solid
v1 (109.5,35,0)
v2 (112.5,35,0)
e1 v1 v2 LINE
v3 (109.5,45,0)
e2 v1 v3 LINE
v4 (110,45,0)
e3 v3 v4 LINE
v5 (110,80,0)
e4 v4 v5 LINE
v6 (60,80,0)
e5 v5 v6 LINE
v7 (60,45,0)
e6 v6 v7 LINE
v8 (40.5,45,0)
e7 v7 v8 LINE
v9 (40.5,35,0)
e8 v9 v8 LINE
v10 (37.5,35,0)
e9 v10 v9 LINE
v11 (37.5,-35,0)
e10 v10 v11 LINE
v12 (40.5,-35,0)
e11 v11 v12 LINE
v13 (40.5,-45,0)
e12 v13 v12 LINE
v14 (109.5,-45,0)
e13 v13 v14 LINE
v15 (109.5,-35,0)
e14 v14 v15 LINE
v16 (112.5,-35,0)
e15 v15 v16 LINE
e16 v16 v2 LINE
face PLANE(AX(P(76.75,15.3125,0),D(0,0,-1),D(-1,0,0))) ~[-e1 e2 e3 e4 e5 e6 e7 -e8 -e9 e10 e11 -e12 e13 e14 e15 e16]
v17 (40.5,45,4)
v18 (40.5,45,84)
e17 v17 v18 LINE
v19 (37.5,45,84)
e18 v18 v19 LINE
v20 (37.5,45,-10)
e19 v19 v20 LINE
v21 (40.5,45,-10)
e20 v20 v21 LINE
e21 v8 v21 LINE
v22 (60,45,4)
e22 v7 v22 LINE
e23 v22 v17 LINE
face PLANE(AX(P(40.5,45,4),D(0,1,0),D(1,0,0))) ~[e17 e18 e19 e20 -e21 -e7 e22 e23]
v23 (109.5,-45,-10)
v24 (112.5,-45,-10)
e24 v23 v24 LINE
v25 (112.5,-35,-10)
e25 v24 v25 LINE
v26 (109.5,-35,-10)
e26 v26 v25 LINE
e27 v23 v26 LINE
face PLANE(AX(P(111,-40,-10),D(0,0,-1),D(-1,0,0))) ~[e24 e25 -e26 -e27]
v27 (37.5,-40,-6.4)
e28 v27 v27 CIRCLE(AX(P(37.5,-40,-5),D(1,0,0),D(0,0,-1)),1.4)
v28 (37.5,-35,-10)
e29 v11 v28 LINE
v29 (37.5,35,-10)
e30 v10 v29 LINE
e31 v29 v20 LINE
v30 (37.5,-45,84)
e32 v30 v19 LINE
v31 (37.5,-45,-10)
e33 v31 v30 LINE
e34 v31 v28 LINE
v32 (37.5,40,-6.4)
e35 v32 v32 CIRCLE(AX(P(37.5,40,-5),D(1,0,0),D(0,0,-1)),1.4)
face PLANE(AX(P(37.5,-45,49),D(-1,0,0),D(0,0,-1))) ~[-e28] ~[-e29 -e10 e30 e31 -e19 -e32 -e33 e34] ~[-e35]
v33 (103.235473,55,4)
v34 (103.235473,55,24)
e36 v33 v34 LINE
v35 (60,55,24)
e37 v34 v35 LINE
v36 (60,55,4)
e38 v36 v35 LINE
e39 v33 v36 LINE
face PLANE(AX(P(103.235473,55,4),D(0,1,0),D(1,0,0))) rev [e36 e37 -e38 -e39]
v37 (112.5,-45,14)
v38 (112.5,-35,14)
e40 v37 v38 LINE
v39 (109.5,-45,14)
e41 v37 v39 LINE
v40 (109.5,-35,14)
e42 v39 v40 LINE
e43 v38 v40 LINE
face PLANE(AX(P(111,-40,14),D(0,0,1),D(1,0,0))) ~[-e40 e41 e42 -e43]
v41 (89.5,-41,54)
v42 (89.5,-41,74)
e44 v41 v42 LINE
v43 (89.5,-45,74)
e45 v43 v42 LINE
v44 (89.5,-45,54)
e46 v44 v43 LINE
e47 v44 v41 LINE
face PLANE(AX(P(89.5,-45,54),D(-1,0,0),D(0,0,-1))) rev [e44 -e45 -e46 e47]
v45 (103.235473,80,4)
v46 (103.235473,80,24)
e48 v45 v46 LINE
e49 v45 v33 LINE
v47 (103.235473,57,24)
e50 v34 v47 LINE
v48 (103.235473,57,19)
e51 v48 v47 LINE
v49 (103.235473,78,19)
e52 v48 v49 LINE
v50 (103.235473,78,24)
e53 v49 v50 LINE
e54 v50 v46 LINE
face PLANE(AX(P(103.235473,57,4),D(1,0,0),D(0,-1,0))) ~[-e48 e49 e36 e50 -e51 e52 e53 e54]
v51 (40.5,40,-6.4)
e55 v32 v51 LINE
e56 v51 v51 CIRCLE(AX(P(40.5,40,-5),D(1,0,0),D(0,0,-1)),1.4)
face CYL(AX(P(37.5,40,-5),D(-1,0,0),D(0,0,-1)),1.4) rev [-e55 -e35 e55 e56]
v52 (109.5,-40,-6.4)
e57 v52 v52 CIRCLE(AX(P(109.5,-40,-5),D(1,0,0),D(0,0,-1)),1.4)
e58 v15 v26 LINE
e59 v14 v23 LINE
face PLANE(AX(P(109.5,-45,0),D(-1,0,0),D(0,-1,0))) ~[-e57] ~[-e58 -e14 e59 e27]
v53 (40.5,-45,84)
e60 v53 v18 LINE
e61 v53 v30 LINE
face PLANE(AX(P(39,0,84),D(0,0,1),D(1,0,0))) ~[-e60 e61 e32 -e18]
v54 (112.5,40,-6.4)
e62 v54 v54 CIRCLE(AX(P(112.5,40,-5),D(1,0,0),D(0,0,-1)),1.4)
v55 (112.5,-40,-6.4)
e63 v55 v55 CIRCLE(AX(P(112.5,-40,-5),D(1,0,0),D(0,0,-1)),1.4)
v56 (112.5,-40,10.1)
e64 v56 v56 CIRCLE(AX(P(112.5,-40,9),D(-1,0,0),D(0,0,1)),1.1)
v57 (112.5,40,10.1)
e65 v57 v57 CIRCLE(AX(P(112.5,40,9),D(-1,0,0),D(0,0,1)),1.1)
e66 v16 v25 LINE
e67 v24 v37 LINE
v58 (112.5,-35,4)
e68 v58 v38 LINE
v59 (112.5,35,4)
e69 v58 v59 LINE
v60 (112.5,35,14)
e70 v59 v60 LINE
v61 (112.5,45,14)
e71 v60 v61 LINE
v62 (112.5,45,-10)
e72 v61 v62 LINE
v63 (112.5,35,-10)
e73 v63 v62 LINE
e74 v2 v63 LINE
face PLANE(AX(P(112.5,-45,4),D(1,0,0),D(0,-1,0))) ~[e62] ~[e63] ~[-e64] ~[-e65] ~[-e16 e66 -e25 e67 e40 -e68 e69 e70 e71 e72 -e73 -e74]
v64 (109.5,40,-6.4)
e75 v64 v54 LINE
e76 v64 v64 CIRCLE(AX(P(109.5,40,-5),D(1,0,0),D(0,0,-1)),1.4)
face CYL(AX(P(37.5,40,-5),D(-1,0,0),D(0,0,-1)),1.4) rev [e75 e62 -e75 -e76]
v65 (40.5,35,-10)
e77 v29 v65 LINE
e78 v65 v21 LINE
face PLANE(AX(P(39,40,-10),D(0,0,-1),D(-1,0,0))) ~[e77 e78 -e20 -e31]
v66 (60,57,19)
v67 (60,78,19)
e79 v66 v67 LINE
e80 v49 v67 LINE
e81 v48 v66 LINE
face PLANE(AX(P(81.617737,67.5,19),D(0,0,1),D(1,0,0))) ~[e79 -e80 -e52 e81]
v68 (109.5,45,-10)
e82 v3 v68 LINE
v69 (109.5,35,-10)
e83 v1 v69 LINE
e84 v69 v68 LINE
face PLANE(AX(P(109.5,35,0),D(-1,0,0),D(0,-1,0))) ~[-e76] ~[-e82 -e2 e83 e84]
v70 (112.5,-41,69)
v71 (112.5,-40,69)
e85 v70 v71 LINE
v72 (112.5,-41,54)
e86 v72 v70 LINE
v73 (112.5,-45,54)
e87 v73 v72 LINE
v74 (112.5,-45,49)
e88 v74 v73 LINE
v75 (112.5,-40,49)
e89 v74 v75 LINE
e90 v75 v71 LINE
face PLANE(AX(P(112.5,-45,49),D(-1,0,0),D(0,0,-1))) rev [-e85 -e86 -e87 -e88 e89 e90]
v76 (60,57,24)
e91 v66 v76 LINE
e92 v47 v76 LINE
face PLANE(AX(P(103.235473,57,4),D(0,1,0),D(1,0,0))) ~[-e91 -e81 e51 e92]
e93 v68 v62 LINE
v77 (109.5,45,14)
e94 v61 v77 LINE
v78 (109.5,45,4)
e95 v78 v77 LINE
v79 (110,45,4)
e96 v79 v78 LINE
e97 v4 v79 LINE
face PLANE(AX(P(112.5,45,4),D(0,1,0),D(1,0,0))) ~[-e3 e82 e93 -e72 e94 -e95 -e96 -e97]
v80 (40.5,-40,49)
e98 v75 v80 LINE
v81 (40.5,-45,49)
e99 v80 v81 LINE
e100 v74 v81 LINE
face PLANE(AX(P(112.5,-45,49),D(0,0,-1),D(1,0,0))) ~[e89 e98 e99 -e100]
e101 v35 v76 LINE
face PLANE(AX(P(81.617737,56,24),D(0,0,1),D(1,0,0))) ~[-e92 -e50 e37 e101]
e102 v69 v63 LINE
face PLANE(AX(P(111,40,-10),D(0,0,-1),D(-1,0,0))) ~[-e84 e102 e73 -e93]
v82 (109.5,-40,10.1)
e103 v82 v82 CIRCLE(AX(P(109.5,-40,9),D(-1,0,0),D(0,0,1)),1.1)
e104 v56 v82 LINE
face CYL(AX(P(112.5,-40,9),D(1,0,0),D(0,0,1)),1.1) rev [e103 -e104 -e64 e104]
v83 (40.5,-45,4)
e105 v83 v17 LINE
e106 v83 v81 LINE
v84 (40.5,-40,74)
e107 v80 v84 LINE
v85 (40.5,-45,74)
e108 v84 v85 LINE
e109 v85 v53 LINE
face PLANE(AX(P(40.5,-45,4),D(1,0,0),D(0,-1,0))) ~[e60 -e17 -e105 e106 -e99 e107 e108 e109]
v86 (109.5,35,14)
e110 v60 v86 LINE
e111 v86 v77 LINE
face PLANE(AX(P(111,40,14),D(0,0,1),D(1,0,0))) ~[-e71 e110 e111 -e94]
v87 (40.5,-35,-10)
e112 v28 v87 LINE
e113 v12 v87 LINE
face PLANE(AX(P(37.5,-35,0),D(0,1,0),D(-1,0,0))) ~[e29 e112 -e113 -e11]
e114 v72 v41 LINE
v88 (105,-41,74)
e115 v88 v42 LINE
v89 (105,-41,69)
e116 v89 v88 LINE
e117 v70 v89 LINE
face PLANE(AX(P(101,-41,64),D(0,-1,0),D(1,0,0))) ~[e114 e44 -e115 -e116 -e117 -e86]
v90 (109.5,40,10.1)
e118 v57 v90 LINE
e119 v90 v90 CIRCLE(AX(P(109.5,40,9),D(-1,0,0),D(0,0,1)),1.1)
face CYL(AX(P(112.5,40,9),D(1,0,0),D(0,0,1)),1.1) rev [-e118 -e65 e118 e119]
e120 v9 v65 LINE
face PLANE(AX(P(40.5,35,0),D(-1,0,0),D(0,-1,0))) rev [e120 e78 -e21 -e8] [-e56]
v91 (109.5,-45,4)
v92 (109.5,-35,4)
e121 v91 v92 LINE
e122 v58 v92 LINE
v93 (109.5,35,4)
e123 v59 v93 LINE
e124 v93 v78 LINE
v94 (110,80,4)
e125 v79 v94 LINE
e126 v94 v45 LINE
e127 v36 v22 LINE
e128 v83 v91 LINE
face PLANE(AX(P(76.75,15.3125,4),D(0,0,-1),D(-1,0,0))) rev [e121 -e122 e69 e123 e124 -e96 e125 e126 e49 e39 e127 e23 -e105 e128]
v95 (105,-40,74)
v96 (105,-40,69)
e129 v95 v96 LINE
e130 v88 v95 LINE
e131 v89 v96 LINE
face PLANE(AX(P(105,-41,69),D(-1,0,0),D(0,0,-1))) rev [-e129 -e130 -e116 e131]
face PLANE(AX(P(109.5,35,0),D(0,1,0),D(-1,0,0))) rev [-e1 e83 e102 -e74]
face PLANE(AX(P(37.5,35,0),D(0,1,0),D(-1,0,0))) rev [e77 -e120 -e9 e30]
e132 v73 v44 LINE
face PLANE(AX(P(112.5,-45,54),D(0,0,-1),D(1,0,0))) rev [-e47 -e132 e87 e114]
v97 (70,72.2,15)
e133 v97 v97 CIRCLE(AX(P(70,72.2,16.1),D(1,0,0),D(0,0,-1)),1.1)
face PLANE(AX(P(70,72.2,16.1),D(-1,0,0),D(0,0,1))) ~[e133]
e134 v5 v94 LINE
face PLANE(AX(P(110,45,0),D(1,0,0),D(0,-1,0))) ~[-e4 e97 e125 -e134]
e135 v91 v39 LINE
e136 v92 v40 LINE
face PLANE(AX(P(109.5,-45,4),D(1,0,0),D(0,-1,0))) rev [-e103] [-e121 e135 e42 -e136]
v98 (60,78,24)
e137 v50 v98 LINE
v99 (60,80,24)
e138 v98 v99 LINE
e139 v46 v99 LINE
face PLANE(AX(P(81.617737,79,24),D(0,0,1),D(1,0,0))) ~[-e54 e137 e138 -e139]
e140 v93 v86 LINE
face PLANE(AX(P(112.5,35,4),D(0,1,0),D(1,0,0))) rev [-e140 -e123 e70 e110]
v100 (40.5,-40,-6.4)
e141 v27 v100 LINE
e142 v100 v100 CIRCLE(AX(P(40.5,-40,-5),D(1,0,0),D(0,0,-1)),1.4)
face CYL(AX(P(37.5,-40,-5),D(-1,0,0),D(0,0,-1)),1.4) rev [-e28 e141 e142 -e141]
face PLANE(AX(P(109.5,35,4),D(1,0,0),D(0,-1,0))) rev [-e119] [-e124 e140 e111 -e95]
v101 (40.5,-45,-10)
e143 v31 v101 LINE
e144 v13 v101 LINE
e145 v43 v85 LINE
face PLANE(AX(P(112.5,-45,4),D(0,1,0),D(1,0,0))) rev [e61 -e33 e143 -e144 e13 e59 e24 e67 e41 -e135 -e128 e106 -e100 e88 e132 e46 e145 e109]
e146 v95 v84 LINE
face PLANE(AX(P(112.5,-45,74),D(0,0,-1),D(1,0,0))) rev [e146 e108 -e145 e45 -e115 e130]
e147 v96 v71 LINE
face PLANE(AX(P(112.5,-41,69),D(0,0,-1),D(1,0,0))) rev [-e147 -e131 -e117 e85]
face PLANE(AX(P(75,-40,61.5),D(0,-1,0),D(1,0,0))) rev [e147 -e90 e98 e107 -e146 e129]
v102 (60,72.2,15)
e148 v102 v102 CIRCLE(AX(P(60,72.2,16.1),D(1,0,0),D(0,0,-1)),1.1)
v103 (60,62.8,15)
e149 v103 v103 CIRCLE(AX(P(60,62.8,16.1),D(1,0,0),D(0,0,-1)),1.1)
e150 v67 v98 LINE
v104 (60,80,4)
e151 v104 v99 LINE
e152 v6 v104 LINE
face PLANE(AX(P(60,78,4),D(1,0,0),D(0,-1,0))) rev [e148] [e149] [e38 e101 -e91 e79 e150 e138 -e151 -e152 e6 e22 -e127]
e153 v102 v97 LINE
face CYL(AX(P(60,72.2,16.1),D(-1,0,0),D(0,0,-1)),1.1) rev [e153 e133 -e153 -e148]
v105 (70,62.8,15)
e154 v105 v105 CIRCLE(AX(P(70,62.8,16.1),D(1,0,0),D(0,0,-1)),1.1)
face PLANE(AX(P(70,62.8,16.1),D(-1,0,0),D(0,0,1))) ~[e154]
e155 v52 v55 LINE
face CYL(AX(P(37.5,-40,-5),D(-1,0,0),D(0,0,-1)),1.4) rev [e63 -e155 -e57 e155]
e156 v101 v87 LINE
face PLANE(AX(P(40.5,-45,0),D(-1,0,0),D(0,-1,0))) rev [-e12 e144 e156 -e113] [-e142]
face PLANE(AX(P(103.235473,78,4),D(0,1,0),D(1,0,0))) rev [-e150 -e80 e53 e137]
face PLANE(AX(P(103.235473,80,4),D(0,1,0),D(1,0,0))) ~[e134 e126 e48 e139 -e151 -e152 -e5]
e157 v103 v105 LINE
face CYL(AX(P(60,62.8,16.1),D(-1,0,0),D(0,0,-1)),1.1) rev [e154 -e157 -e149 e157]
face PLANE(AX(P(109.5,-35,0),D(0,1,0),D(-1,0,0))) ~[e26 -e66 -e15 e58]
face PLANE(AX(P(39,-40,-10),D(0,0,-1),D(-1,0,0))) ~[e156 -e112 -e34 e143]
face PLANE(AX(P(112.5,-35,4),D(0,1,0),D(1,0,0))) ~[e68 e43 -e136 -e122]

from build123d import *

# Parameters (mm, degrees)
EXTRUDE_1_DEPTH     = 4
SKETCH_3_W          = 43.235473071
SKETCH_3_H          = 2
EXTRUDE_2_DEPTH     = 20
SKETCH_4_W          = 43.235473071
SKETCH_4_H          = 21
EXTRUDE_3_DEPTH     = 15
SKETCH_8_W          = 3
SKETCH_8_H          = 10
EXTRUDE_4_DEPTH     = 10
SKETCH_10_R         = 1.4
CUT_EXTRUDE_1_DEPTH = 83
SKETCH_11_W         = 3
SKETCH_11_H         = 90
EXTRUDE_5_DEPTH     = 80
SKETCH_12_W         = 75
SKETCH_12_H         = 25
EXTRUDE_6_DEPTH     = 5
SKETCH_13_W         = 23
SKETCH_13_H         = 20
CUT_EXTRUDE_2_DEPTH = 4
CUT_EXTRUDE_3_REACH = 123
SKETCH_14_W         = 7.5
SKETCH_14_H         = 5
SKETCH_15_R         = 1.1
CUT_EXTRUDE_4_DEPTH = 10
SKETCH_17_W         = 3
SKETCH_17_H         = 10
EXTRUDE_7_DEPTH     = 10
SKETCH_18_R         = 1.1
CUT_EXTRUDE_5_DEPTH = 3
SKETCH_19_W         = 3
SKETCH_19_H         = 10
EXTRUDE_8_DEPTH     = 10
SKETCH_20_R         = 1.1
CUT_EXTRUDE_6_DEPTH = 3


with BuildPart() as part:
    # 草圖1 → 填料-伸長1 (new body)
    with BuildSketch(Plane.XY):
        Polygon((-37.5, 45), (-35, 45), (-35, 80), (15, 80), (15, 45), (37.5, 45), (37.5, -45), (-37.5, -45), align=None)
    extrude(amount=EXTRUDE_1_DEPTH)

    # 草圖3 → 填料-伸長2 (add)
    with BuildSketch(Plane.XY.offset(4)):
        with Locations((-6.617736535, 56)):
            Rectangle(SKETCH_3_W, SKETCH_3_H)
        with Locations((-6.617736535, 79)):
            Rectangle(SKETCH_3_W, SKETCH_3_H)
    extrude(amount=EXTRUDE_2_DEPTH)

    # 草圖4 → 填料-伸長3 (add)
    with BuildSketch(Plane.XY.offset(4)):
        with Locations((-6.617736535, 67.5)):
            Rectangle(SKETCH_4_W, SKETCH_4_H)
    extrude(amount=EXTRUDE_3_DEPTH)

    # 草圖8 → 填料-伸長4 (add)
    with BuildSketch(Plane(origin=(0, 0, 0), x_dir=(-1, 0, 0), z_dir=(0, 0, -1))):
        with Locations((-36, 40)):
            Rectangle(SKETCH_8_W, SKETCH_8_H)
        with Locations((36, 40)):
            Rectangle(SKETCH_8_W, SKETCH_8_H)
        with Locations((36, -40)):
            Rectangle(SKETCH_8_W, SKETCH_8_H)
        with Locations((-36, -40)):
            Rectangle(SKETCH_8_W, SKETCH_8_H)
    extrude(amount=EXTRUDE_4_DEPTH)

    # 草圖10 → 除料-伸長1 (cut)
    with BuildSketch(Plane(origin=(37.5, 0, 0), x_dir=(0, 0, -1), z_dir=(1, 0, 0))):
        with Locations((5, 40)):
            Circle(SKETCH_10_R)
        with Locations((5, -40)):
            Circle(SKETCH_10_R)
    extrude(amount=-CUT_EXTRUDE_1_DEPTH, mode=Mode.SUBTRACT)

    # 草圖11 → 填料-伸長5 (add)
    with BuildSketch(Plane.XY.offset(4)):
        with Locations((36, 0)):
            Rectangle(SKETCH_11_W, SKETCH_11_H)
    extrude(amount=EXTRUDE_5_DEPTH)

    # 草圖12 → 填料-伸長6 (add)
    with BuildSketch(Plane.XZ.offset(45)):
        with Locations((0, 61.5)):
            Rectangle(SKETCH_12_W, SKETCH_12_H)
    extrude(amount=-EXTRUDE_6_DEPTH)

    # 草圖13 → 除料-伸長2 (cut)
    with BuildSketch(Plane.XZ.offset(45)):
        with Locations((-26, 64)):
            Rectangle(SKETCH_13_W, SKETCH_13_H)
    extrude(amount=-CUT_EXTRUDE_2_DEPTH, mode=Mode.SUBTRACT)

    # 草圖14 → 除料-伸長3 (cut, up to next)
    with BuildSketch(Plane.XZ.offset(41), mode=Mode.PRIVATE) as cut_extrude_3_sk1:
        with Locations((-33.75, 71.5)):
            Rectangle(SKETCH_14_W, SKETCH_14_H)
    cut_extrude_3_tool1 = extrude(cut_extrude_3_sk1.sketch, amount=-CUT_EXTRUDE_3_REACH, mode=Mode.PRIVATE) & part.part
    add(cut_extrude_3_tool1.solids().sort_by_distance((-33.75, -41, 71.5))[0], mode=Mode.SUBTRACT)

    # 草圖15 → 除料-伸長4 (cut)
    with BuildSketch(Plane(origin=(15, 0, 0), x_dir=(0, 0, -1), z_dir=(1, 0, 0))):
        with Locations((-16.1, 72.2)):
            Circle(SKETCH_15_R)
        with Locations((-16.1, 62.8)):
            Circle(SKETCH_15_R)
    extrude(amount=-CUT_EXTRUDE_4_DEPTH, mode=Mode.SUBTRACT)

    # 草圖17 → 填料-伸長7 (add)
    with BuildSketch(Plane.XY.offset(4)):
        with Locations((-36, 40)):
            Rectangle(SKETCH_17_W, SKETCH_17_H)
    extrude(amount=EXTRUDE_7_DEPTH)

    # 草圖18 → 除料-伸長5 (cut)
    with BuildSketch(Plane.ZY.offset(37.5)):
        with Locations((9, 40)):
            Circle(SKETCH_18_R)
    extrude(amount=-CUT_EXTRUDE_5_DEPTH, mode=Mode.SUBTRACT)

    # 草圖19 → 填料-伸長8 (add)
    with BuildSketch(Plane.XY.offset(4)):
        with Locations((-36, -40)):
            Rectangle(SKETCH_19_W, SKETCH_19_H)
    extrude(amount=EXTRUDE_8_DEPTH)

    # 草圖20 → 除料-伸長6 (cut)
    with BuildSketch(Plane.ZY.offset(37.5)):
        with Locations((9, -40)):
            Circle(SKETCH_20_R)
    extrude(amount=-CUT_EXTRUDE_6_DEPTH, mode=Mode.SUBTRACT)


with BuildPart() as body_2:
    # 鏡射1: mirrored copy
    add(part.part.mirror(Plane(origin=(37.5, 0, 4), x_dir=(0, 0, 1), z_dir=(1, 0, 0))))


solid = body_2.part
